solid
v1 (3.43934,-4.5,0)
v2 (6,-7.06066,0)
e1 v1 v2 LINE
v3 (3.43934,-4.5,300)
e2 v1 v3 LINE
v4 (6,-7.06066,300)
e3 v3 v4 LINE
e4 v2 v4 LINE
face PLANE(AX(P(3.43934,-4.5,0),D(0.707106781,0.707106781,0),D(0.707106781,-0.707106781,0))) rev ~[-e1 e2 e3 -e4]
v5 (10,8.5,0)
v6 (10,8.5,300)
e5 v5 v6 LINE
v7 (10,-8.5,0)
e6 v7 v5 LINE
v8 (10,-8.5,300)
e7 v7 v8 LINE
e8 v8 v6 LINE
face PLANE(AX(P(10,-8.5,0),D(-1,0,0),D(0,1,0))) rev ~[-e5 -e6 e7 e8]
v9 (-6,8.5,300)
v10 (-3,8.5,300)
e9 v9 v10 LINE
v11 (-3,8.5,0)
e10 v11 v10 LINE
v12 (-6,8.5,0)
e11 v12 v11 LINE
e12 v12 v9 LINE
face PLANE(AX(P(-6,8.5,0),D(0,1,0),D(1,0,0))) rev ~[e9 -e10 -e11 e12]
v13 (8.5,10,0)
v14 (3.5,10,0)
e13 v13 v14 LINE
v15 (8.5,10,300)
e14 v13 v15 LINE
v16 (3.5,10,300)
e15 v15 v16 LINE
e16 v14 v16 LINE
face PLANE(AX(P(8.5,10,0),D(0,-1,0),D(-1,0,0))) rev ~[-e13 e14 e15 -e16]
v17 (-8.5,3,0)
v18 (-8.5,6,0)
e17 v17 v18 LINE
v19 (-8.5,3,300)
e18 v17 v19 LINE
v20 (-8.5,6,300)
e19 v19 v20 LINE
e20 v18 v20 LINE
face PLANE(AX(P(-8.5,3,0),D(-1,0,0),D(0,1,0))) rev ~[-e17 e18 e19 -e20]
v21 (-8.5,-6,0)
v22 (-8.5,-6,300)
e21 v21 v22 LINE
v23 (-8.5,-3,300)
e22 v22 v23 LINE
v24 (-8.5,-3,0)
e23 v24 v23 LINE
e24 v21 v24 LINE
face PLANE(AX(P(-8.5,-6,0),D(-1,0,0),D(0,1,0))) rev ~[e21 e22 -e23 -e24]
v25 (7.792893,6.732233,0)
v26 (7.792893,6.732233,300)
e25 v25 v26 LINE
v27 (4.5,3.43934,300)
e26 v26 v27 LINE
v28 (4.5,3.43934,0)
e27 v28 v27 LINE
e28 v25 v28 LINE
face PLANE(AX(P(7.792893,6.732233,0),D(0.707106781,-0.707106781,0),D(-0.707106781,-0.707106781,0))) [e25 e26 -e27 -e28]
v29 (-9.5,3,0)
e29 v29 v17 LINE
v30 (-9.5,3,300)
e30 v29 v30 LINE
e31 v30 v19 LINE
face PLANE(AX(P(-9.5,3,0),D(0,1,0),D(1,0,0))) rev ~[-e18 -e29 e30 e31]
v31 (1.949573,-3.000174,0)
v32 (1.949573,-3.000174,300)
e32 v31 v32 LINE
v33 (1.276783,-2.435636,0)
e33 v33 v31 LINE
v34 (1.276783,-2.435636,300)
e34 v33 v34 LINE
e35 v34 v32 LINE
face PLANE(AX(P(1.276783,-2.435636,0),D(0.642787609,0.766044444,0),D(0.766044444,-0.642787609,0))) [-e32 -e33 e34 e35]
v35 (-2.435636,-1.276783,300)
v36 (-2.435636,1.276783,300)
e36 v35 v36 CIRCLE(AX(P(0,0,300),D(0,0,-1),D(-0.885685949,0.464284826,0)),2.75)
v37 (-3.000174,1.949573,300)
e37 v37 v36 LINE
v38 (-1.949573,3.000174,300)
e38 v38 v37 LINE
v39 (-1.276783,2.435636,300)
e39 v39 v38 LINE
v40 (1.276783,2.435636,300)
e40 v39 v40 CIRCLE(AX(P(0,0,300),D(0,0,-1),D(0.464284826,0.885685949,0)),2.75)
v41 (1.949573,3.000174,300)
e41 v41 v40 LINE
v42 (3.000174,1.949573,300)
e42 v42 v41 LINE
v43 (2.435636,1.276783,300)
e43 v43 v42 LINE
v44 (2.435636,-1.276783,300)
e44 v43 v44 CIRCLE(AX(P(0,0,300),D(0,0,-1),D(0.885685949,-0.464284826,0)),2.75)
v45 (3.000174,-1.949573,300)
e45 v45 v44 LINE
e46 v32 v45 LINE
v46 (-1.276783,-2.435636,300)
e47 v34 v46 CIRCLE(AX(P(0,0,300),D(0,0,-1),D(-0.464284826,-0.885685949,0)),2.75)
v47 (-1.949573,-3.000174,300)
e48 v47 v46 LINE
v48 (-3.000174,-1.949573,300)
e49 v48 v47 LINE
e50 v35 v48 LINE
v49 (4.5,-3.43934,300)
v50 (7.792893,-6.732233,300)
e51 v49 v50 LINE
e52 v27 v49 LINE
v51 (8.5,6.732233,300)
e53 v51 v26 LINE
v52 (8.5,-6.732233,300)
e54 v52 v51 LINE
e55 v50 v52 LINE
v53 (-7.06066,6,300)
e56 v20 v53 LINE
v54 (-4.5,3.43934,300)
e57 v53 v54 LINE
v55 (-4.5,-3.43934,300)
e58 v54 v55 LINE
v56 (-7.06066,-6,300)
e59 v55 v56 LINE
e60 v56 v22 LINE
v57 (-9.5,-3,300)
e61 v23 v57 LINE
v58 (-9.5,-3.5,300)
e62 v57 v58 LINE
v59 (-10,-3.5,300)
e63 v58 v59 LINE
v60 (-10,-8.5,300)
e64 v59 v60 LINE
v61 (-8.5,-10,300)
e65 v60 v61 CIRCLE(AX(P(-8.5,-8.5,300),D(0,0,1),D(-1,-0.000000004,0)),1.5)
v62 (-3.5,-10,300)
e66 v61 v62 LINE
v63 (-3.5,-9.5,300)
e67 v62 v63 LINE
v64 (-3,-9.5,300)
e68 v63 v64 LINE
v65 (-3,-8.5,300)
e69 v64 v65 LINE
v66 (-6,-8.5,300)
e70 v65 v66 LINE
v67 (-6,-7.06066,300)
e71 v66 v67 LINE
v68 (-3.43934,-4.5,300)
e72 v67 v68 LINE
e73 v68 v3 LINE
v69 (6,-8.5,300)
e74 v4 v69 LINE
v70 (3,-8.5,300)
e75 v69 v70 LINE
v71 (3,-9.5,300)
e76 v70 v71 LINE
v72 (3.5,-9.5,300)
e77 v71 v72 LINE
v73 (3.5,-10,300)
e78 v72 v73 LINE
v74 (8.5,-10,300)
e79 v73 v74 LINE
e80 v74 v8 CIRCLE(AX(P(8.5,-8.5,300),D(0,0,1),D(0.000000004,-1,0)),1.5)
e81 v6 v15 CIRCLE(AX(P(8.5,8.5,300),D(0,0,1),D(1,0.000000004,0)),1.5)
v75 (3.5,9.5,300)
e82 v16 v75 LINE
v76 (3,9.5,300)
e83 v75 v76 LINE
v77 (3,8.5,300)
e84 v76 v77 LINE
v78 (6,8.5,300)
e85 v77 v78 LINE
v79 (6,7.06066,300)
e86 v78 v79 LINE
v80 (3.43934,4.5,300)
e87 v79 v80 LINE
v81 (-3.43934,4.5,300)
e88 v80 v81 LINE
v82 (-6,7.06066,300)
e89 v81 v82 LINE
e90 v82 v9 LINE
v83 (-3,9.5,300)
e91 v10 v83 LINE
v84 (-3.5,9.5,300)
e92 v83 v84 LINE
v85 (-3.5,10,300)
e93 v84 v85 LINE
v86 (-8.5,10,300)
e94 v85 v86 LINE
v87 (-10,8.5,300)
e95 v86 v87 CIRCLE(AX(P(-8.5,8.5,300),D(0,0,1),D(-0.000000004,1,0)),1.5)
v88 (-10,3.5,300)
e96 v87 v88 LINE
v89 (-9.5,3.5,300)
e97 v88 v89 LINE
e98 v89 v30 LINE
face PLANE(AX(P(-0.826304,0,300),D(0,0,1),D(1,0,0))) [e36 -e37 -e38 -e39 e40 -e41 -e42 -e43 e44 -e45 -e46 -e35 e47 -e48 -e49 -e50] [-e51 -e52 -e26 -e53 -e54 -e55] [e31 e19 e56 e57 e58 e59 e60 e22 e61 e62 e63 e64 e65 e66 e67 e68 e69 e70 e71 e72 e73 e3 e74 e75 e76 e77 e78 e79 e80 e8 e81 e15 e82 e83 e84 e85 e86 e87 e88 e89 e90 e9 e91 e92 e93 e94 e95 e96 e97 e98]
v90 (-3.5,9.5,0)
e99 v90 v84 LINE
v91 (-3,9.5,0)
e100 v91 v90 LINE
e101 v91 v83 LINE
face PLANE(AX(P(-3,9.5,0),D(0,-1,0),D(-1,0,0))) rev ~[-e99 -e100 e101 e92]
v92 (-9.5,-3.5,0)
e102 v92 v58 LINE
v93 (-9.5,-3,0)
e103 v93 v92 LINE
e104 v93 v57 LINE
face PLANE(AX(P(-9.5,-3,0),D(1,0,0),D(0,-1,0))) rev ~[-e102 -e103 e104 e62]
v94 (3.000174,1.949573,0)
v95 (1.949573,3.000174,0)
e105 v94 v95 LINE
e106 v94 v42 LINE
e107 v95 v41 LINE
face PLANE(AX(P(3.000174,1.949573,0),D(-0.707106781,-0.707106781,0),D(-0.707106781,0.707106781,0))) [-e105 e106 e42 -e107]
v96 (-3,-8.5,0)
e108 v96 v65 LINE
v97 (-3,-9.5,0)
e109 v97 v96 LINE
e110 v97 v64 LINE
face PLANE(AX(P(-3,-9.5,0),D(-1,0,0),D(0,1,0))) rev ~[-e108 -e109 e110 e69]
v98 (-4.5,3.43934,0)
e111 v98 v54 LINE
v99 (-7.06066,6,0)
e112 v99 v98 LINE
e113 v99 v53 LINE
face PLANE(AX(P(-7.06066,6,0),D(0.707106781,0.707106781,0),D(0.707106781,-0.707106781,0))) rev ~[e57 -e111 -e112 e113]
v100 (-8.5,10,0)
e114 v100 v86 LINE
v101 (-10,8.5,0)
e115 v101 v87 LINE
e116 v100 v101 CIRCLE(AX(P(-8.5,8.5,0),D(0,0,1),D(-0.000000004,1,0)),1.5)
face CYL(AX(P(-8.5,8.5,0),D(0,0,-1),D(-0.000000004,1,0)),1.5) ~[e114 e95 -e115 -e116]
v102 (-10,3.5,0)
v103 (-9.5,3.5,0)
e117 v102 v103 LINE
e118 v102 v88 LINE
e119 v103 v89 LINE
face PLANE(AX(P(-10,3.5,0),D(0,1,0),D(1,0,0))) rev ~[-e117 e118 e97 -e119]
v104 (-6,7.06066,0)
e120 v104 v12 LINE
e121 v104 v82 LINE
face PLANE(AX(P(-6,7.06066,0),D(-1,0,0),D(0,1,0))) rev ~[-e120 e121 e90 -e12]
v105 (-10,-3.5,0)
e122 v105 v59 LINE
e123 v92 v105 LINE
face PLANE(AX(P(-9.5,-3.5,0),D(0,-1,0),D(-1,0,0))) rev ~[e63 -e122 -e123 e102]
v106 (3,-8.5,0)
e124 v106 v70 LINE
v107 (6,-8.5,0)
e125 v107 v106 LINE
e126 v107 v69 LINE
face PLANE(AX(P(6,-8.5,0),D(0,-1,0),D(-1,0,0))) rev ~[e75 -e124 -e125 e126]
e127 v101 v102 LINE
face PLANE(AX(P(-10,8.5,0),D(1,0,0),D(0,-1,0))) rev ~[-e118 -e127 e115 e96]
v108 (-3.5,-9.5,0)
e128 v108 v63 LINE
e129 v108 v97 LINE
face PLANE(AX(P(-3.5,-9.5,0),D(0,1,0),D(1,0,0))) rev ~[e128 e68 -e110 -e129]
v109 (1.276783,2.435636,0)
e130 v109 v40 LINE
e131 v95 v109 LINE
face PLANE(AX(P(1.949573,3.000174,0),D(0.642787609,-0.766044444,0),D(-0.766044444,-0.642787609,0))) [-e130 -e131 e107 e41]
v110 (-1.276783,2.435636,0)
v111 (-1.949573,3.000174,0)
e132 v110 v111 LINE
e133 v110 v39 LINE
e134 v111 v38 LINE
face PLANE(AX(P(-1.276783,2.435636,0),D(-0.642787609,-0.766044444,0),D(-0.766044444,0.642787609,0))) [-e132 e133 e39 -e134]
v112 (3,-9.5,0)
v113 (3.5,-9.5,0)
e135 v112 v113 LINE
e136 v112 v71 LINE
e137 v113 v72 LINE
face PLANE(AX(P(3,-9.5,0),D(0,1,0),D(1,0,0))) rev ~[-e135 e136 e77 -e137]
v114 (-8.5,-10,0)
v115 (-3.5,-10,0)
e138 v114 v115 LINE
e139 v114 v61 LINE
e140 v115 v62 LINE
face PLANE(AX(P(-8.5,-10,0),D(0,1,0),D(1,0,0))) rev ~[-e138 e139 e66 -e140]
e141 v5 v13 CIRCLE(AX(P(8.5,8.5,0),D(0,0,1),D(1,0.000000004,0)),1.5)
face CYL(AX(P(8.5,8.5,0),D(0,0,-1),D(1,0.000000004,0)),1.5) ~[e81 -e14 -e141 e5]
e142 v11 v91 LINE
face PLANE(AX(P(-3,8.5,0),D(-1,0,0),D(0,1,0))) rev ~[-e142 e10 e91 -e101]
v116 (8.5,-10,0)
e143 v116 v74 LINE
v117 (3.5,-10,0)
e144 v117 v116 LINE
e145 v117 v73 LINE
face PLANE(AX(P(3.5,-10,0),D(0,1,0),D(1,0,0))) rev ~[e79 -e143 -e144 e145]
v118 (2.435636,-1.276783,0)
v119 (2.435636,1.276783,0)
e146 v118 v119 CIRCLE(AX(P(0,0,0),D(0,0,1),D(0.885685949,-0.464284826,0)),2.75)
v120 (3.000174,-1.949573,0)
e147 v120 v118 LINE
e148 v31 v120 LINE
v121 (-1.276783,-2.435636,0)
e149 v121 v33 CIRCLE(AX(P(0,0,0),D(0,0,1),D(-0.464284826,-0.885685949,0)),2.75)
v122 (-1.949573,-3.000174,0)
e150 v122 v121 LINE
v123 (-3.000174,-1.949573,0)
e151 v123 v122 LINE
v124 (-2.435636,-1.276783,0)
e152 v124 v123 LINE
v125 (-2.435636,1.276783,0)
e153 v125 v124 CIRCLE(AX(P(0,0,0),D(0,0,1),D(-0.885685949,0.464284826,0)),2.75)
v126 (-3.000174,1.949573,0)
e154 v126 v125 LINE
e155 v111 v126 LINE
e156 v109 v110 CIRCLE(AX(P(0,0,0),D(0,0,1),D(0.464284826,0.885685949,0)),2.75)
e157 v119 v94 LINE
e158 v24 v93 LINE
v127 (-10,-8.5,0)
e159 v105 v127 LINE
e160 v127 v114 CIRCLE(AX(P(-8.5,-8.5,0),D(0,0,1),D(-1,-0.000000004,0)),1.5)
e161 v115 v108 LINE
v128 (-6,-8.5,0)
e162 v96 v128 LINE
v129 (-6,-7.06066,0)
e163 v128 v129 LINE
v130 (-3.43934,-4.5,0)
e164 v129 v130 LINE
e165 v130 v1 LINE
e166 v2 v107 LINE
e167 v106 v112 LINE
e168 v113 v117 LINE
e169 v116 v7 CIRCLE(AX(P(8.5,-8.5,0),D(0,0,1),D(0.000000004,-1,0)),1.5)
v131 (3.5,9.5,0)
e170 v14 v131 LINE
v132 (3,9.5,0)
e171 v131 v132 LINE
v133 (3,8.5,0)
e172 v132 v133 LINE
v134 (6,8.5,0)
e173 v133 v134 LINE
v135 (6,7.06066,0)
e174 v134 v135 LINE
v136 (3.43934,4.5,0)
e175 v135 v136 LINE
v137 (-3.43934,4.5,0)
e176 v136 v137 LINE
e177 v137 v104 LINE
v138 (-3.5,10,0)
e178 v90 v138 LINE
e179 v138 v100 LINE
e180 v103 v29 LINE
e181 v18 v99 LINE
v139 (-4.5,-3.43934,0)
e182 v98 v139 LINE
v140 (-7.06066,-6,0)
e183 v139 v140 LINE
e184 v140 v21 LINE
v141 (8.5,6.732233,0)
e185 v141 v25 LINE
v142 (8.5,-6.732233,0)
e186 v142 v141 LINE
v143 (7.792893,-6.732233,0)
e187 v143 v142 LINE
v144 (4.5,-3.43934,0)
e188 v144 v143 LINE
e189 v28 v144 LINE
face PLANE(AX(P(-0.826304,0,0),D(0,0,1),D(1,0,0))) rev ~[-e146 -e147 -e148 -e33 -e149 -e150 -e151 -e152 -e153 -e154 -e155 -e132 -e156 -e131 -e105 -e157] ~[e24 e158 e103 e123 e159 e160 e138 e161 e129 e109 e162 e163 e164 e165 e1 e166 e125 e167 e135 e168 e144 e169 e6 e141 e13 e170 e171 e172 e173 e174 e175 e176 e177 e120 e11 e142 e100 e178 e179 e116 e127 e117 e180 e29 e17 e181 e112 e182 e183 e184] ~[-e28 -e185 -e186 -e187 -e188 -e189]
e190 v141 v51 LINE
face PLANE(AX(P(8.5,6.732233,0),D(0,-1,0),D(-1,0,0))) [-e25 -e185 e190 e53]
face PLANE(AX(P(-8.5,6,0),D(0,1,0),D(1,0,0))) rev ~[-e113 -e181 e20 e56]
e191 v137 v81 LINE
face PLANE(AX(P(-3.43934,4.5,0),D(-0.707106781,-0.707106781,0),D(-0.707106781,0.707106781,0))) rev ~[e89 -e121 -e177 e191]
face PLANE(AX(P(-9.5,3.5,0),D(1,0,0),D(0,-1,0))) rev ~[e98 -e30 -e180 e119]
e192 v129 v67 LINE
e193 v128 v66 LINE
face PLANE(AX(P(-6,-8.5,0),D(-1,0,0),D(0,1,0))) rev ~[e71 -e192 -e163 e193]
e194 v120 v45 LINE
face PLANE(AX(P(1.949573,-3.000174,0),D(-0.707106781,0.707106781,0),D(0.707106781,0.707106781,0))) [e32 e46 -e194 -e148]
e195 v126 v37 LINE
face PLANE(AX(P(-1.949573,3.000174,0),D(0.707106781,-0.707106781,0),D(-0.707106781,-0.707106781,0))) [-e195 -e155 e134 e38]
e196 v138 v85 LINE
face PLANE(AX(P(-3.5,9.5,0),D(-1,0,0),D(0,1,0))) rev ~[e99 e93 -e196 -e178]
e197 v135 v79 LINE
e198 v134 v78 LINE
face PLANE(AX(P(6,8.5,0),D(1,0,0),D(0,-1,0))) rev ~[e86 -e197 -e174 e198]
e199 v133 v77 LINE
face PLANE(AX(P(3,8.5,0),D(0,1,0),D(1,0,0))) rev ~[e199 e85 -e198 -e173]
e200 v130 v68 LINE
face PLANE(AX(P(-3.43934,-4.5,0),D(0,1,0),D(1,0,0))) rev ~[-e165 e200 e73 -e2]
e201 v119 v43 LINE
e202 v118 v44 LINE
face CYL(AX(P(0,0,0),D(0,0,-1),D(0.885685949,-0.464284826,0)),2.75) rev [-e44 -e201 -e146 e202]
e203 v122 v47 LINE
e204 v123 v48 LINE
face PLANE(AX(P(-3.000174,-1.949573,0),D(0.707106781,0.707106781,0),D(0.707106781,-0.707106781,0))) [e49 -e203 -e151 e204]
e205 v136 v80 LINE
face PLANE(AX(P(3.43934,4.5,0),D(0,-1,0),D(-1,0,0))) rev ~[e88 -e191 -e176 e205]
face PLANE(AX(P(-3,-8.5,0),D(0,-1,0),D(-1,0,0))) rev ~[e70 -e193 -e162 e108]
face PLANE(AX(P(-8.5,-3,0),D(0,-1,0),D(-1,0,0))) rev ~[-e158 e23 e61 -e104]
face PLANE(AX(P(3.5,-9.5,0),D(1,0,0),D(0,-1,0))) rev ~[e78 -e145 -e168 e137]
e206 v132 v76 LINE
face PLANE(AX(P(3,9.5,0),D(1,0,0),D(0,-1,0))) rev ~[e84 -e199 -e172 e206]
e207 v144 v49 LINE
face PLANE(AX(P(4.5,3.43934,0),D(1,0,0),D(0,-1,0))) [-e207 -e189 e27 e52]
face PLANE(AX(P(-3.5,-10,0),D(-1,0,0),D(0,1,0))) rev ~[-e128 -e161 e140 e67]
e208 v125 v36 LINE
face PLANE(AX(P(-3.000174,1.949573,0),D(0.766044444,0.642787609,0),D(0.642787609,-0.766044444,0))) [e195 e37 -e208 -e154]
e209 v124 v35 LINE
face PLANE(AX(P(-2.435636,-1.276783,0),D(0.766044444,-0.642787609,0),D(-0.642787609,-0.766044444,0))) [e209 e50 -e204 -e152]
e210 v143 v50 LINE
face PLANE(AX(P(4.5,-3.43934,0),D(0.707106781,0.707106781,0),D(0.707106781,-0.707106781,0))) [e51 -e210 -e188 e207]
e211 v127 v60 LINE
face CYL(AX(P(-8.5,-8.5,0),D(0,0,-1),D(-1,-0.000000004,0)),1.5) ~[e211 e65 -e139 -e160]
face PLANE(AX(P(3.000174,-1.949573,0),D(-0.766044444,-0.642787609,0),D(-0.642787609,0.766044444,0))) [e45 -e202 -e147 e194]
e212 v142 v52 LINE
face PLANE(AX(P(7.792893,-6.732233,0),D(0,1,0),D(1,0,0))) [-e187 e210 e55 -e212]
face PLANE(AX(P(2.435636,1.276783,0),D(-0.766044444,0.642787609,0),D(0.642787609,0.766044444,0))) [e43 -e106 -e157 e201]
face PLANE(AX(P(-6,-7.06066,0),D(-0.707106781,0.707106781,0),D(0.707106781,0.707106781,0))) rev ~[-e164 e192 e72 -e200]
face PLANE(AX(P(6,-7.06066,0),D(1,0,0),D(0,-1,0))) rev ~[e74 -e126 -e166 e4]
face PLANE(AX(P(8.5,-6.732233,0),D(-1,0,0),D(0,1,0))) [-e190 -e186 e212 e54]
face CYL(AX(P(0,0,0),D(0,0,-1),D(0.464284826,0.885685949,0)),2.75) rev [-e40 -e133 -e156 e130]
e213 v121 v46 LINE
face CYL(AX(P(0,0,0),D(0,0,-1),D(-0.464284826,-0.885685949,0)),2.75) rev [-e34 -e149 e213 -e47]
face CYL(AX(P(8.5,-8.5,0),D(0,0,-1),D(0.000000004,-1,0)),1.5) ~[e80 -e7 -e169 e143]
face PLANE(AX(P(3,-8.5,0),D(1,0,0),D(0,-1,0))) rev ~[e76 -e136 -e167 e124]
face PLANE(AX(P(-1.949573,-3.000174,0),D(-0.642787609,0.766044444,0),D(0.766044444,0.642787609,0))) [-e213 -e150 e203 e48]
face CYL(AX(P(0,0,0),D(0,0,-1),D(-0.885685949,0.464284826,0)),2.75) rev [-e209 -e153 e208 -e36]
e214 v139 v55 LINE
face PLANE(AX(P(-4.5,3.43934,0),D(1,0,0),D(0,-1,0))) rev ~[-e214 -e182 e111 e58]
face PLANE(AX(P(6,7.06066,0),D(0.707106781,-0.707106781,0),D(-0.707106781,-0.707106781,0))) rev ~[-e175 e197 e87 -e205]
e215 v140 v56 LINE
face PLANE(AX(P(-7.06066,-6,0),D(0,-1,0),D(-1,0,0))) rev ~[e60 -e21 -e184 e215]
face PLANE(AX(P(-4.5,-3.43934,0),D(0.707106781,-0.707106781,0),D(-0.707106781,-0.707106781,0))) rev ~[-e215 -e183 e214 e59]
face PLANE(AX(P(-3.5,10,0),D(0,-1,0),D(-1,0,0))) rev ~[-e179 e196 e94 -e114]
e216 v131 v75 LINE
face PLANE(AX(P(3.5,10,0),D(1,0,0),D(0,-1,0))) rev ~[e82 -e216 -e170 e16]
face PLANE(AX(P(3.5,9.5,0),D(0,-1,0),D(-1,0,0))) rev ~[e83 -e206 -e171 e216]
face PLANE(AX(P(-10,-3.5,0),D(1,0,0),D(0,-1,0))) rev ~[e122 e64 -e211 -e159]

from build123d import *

# Parameters (mm, degrees)
BOSS_EXTRUDE1_DEPTH = 3000
CUT_EXTRUDE1_DEPTH  = 2700


with BuildPart() as part:
    # Sketch1 → Boss-Extrude1 (new body)
    with BuildSketch(Plane.XY):
        with BuildLine():
            Line((-3.43933983, -4.5), (3.43933983, -4.5))
            Line((3.43933983, -4.5), (6, -7.06066017))
            Line((6, -7.06066017), (6, -8.5))
            Line((6, -8.5), (3, -8.5))
            Line((3, -8.5), (3, -9.5))
            Line((3, -9.5), (3.5, -9.5))
            Line((3.5, -9.5), (3.5, -10))
            Line((3.5, -10), (8.5, -10))
            ThreePointArc((8.5, -10), (9.56066017, -9.56066017), (10, -8.5))
            Line((10, -8.5), (10, 8.5))
            ThreePointArc((10, 8.5), (9.56066017, 9.56066017), (8.5, 10))
            Line((8.5, 10), (3.5, 10))
            Line((3.5, 10), (3.5, 9.5))
            Line((3.5, 9.5), (3, 9.5))
            Line((3, 9.5), (3, 8.5))
            Line((3, 8.5), (6, 8.5))
            Line((6, 8.5), (6, 7.06066017))
            Line((6, 7.06066017), (3.43933983, 4.5))
            Line((3.43933983, 4.5), (-3.43933983, 4.5))
            Line((-3.43933983, 4.5), (-6, 7.06066017))
            Line((-6, 7.06066017), (-6, 8.5))
            Line((-6, 8.5), (-3, 8.5))
            Line((-3, 8.5), (-3, 9.5))
            Line((-3, 9.5), (-3.5, 9.5))
            Line((-3.5, 9.5), (-3.5, 10))
            Line((-3.5, 10), (-8.5, 10))
            ThreePointArc((-8.5, 10), (-9.56066017, 9.56066017), (-10, 8.5))
            Line((-10, 8.5), (-10, 3.5))
            Line((-10, 3.5), (-9.5, 3.5))
            Line((-9.5, 3.5), (-9.5, 3))
            Line((-9.5, 3), (-8.5, 3))
            Line((-8.5, 3), (-8.5, 6))
            Line((-8.5, 6), (-7.06066017, 6))
            Line((-7.06066017, 6), (-4.5, 3.43933983))
            Line((-4.5, 3.43933983), (-4.5, -3.43933983))
            Line((-4.5, -3.43933983), (-7.06066017, -6))
            Line((-7.06066017, -6), (-8.5, -6))
            Line((-8.5, -6), (-8.5, -3))
            Line((-8.5, -3), (-9.5, -3))
            Line((-9.5, -3), (-9.5, -3.5))
            Line((-9.5, -3.5), (-10, -3.5))
            Line((-10, -3.5), (-10, -8.5))
            ThreePointArc((-10, -8.5), (-9.56066017, -9.56066017), (-8.5, -10))
            Line((-8.5, -10), (-3.5, -10))
            Line((-3.5, -10), (-3.5, -9.5))
            Line((-3.5, -9.5), (-3, -9.5))
            Line((-3, -9.5), (-3, -8.5))
            Line((-3, -8.5), (-6, -8.5))
            Line((-6, -8.5), (-6, -7.06066017))
            Line((-6, -7.06066017), (-3.43933983, -4.5))
        make_face()
        Polygon((8.5, 6.73223305), (7.79289322, 6.73223305), (4.5, 3.43933983), (4.5, -3.43933983), (7.79289322, -6.73223305), (8.5, -6.73223305), align=None, mode=Mode.SUBTRACT)
        with BuildLine():
            Line((-3.0001742, 1.94957327), (-2.43563636, 1.27678327))
            ThreePointArc((-2.43563636, 1.27678327), (-2.75, 0), (-2.43563636, -1.27678327))
            Line((-2.43563636, -1.27678327), (-3.0001742, -1.94957327))
            Line((-3.0001742, -1.94957327), (-1.94957327, -3.0001742))
            Line((-1.94957327, -3.0001742), (-1.27678327, -2.43563636))
            ThreePointArc((-1.27678327, -2.43563636), (0, -2.75), (1.27678327, -2.43563636))
            Line((1.27678327, -2.43563636), (1.94957327, -3.0001742))
            Line((1.94957327, -3.0001742), (3.0001742, -1.94957327))
            Line((3.0001742, -1.94957327), (2.43563636, -1.27678327))
            ThreePointArc((2.43563636, -1.27678327), (2.75, 0), (2.43563636, 1.27678327))
            Line((2.43563636, 1.27678327), (3.0001742, 1.94957327))
            Line((3.0001742, 1.94957327), (1.94957327, 3.0001742))
            Line((1.94957327, 3.0001742), (1.27678327, 2.43563636))
            ThreePointArc((1.27678327, 2.43563636), (0, 2.75), (-1.27678327, 2.43563636))
            Line((-1.27678327, 2.43563636), (-1.94957327, 3.0001742))
            Line((-1.94957327, 3.0001742), (-3.0001742, 1.94957327))
        make_face(mode=Mode.SUBTRACT)
    extrude(amount=BOSS_EXTRUDE1_DEPTH)

    # Sketch2 → Cut-Extrude1 (cut)
    with BuildSketch(Plane.XY.offset(3000)):
        with BuildLine():
            Line((-6, -7.06066017), (-3.43933983, -4.5))
            Line((-3.43933983, -4.5), (3.43933983, -4.5))
            Line((3.43933983, -4.5), (6, -7.06066017))
            Line((6, -7.06066017), (6, -8.5))
            Line((6, -8.5), (3, -8.5))
            Line((3, -8.5), (3, -9.5))
            Line((3, -9.5), (3.5, -9.5))
            Line((3.5, -9.5), (3.5, -10))
            Line((3.5, -10), (8.5, -10))
            ThreePointArc((8.5, -10), (9.56066017, -9.56066017), (10, -8.5))
            Line((10, -8.5), (10, 8.5))
            ThreePointArc((10, 8.5), (9.56066017, 9.56066017), (8.5, 10))
            Line((8.5, 10), (3.5, 10))
            Line((3.5, 10), (3.5, 9.5))
            Line((3.5, 9.5), (3, 9.5))
            Line((3, 9.5), (3, 8.5))
            Line((3, 8.5), (6, 8.5))
            Line((6, 8.5), (6, 7.06066017))
            Line((6, 7.06066017), (3.43933983, 4.5))
            Line((3.43933983, 4.5), (-3.43933983, 4.5))
            Line((-3.43933983, 4.5), (-6, 7.06066017))
            Line((-6, 7.06066017), (-6, 8.5))
            Line((-6, 8.5), (-3, 8.5))
            Line((-3, 8.5), (-3, 9.5))
            Line((-3, 9.5), (-3.5, 9.5))
            Line((-3.5, 9.5), (-3.5, 10))
            Line((-3.5, 10), (-8.5, 10))
            ThreePointArc((-8.5, 10), (-9.56066017, 9.56066017), (-10, 8.5))
            Line((-10, 8.5), (-10, 3.5))
            Line((-10, 3.5), (-9.5, 3.5))
            Line((-9.5, 3.5), (-9.5, 3))
            Line((-9.5, 3), (-8.5, 3))
            Line((-8.5, 3), (-8.5, 6))
            Line((-8.5, 6), (-7.06066017, 6))
            Line((-7.06066017, 6), (-4.5, 3.43933983))
            Line((-4.5, 3.43933983), (-4.5, -3.43933983))
            Line((-4.5, -3.43933983), (-7.06066017, -6))
            Line((-7.06066017, -6), (-8.5, -6))
            Line((-8.5, -6), (-8.5, -3))
            Line((-8.5, -3), (-9.5, -3))
            Line((-9.5, -3), (-9.5, -3.5))
            Line((-9.5, -3.5), (-10, -3.5))
            Line((-10, -3.5), (-10, -8.5))
            ThreePointArc((-10, -8.5), (-9.56066017, -9.56066017), (-8.5, -10))
            Line((-8.5, -10), (-3.5, -10))
            Line((-3.5, -10), (-3.5, -9.5))
            Line((-3.5, -9.5), (-3, -9.5))
            Line((-3, -9.5), (-3, -8.5))
            Line((-3, -8.5), (-6, -8.5))
            Line((-6, -8.5), (-6, -7.06066017))
        make_face()
    extrude(amount=-CUT_EXTRUDE1_DEPTH, mode=Mode.SUBTRACT)


solid = part.part
